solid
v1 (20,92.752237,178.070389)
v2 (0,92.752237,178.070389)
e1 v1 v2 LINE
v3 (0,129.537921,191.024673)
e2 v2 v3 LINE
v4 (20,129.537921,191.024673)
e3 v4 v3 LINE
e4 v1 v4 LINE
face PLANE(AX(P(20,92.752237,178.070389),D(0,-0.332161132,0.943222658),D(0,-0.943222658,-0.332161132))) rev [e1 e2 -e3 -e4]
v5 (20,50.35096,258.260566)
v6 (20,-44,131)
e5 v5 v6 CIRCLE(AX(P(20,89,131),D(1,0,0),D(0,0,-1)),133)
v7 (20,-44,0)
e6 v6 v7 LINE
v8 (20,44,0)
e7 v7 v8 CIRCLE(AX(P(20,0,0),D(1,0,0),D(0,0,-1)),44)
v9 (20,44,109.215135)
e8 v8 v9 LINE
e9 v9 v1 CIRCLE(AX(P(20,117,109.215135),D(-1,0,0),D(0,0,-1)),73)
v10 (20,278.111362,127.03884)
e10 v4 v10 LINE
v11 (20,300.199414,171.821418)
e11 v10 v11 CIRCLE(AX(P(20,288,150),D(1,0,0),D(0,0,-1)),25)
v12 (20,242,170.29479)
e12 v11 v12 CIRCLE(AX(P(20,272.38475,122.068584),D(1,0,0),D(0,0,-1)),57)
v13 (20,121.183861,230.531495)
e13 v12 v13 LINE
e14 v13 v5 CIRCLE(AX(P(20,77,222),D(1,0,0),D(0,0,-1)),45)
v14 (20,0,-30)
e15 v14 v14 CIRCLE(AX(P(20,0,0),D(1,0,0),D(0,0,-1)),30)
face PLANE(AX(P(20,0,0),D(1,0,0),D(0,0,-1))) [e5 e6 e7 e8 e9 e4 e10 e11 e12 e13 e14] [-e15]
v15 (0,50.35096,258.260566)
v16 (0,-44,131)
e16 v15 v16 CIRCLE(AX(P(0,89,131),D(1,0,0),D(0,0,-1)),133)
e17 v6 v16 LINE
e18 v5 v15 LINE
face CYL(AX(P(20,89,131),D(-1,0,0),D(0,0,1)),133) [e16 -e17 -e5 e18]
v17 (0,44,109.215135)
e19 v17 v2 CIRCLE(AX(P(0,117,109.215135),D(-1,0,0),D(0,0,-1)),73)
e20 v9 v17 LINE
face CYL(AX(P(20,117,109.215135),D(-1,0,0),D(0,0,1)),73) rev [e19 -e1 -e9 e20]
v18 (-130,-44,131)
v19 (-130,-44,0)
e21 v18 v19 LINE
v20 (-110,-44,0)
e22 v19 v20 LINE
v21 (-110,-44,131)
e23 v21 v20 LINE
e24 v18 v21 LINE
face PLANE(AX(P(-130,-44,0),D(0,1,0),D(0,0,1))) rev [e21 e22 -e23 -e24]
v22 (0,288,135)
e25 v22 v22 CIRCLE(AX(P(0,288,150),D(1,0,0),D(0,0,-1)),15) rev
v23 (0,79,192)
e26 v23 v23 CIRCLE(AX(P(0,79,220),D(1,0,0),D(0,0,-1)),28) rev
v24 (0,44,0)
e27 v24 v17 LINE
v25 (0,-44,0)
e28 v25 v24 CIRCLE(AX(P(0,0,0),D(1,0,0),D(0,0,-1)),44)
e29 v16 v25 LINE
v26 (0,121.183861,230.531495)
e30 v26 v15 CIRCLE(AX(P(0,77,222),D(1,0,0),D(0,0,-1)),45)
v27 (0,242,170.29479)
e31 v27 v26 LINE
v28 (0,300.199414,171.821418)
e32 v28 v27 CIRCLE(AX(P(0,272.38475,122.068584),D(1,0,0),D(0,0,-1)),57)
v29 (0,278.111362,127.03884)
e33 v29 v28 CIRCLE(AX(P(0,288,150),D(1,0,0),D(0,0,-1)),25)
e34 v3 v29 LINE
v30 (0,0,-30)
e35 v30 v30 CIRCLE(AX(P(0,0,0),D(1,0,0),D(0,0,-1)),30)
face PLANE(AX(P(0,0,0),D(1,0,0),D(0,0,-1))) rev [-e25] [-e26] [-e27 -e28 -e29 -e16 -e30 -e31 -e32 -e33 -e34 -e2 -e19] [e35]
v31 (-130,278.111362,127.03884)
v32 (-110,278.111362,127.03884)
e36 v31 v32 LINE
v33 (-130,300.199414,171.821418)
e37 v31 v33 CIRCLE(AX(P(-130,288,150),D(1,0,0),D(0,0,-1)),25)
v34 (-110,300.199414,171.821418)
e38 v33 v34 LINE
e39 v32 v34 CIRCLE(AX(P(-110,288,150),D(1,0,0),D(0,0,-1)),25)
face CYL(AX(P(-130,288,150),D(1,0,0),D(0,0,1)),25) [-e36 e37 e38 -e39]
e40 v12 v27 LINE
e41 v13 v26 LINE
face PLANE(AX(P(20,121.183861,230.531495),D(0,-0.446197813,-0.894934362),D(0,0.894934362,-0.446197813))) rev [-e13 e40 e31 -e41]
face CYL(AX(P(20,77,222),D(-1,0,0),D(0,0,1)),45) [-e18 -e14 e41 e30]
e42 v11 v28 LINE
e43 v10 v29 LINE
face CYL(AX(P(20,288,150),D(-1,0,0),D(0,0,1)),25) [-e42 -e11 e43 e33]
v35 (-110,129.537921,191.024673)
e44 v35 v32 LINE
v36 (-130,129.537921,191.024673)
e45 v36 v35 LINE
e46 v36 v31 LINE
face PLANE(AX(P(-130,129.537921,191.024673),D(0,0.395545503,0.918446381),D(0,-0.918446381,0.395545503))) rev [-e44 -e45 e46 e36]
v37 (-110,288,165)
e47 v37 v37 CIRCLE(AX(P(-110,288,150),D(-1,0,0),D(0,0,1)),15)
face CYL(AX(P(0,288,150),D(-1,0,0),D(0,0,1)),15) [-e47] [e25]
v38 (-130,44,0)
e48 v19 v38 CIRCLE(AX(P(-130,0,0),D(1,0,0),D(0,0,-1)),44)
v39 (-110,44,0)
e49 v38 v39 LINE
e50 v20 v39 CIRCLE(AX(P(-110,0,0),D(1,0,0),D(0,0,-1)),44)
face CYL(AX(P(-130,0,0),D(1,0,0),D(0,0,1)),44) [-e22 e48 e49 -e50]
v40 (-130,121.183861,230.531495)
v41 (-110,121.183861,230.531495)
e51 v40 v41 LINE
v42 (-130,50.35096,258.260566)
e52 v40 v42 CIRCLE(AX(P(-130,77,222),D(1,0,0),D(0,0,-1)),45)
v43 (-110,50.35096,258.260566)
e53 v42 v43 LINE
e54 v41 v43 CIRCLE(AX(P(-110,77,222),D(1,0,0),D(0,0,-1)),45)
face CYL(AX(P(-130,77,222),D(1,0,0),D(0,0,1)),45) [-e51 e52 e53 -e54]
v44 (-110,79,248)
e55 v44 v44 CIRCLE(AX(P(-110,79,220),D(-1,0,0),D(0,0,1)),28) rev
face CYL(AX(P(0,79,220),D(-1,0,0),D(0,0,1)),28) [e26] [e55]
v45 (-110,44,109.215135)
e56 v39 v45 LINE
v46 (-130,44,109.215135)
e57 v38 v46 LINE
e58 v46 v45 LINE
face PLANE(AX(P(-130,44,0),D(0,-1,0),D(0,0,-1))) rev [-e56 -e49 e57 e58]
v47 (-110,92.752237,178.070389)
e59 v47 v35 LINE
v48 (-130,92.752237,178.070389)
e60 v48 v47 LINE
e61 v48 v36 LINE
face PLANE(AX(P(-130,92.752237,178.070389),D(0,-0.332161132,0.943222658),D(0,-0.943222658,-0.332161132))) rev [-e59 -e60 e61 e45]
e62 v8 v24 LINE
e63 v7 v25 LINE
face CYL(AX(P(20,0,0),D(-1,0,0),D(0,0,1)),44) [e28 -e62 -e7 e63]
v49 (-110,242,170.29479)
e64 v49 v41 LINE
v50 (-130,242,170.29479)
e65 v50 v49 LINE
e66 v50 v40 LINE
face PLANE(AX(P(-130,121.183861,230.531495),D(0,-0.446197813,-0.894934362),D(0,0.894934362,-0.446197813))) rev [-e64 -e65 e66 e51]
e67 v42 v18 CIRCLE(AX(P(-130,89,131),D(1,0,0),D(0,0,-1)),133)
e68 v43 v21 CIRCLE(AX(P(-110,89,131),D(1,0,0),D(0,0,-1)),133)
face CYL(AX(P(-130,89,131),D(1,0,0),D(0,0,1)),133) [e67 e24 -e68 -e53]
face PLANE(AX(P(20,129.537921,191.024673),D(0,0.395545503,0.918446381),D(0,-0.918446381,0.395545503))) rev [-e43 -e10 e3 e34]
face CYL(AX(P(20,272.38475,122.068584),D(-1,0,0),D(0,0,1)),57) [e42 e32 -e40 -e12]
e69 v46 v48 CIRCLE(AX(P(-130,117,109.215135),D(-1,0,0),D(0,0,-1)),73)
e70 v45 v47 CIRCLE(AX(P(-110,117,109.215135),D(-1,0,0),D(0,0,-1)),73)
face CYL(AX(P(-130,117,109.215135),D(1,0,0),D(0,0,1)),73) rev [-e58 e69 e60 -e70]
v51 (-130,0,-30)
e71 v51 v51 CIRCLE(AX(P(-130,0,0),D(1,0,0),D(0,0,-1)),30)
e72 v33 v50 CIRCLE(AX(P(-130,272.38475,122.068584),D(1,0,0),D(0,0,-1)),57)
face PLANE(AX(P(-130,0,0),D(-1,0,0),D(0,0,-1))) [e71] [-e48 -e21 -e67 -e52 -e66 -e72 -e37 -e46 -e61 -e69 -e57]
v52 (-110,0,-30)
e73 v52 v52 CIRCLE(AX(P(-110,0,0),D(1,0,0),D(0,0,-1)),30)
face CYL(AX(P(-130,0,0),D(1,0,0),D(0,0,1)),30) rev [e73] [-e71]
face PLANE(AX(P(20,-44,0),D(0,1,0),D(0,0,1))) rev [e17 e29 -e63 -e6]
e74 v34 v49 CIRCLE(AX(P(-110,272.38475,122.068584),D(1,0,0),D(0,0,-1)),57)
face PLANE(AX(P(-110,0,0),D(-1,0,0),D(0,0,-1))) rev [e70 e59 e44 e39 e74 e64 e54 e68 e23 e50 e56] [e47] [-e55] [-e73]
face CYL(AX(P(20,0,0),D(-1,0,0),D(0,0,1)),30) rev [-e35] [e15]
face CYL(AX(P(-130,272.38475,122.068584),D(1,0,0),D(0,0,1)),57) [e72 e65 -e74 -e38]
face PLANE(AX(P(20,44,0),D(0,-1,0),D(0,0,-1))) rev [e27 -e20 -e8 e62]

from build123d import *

# Parameters (mm, degrees)
SKETCH1_R           = 30
BOSS_EXTRUDE1_DEPTH = 20
SKETCH2_R           = 15
BOSS_EXTRUDE2_DEPTH = 55
SKETCH3_R           = 28
BOSS_EXTRUDE3_DEPTH = 55


with BuildPart() as part:
    # Sketch1 → Boss-Extrude1 (new body)
    with BuildSketch(Plane(origin=(0, 0, 0), x_dir=(0, 0, -1), z_dir=(1, 0, 0))):
        with BuildLine():
            Line((0, -44), (-131, -44))
            ThreePointArc((-131, -44), (-210.210724185, -17.839417698), (-258.260566126, 50.350959788))
            ThreePointArc((-258.260566126, 50.350959788), (-263.903546034, 93.404049189), (-230.531495232, 121.183861184))
            Line((-230.531495232, 121.183861184), (-170.294790462, 242))
            ThreePointArc((-170.294790462, 242), (-179.048984689, 270.890098256), (-171.821418425, 300.199413834))
            ThreePointArc((-171.821418425, 300.199413834), (-138.941281444, 310.421078117), (-127.038840466, 278.111362436))
            Line((-127.038840466, 278.111362436), (-191.024673217, 129.537921032))
            Line((-191.024673217, 129.537921032), (-178.070389074, 92.752237372))
            ThreePointArc((-178.070389074, 92.752237372), (-151.398741624, 57.421955924), (-109.215135044, 44))
            Line((-109.215135044, 44), (0, 44))
            ThreePointArc((0, 44), (44, 0), (0, -44))
        make_face()
        Circle(SKETCH1_R, mode=Mode.SUBTRACT)
    extrude(amount=BOSS_EXTRUDE1_DEPTH)


with BuildPart() as body_2:
    # Mirror2: mirrored copy
    add(part.part.mirror(Plane(origin=(-55, 0, 0), x_dir=(0, 0, 1), z_dir=(1, 0, 0))))


with BuildPart() as part_1:
    add(part.part)

    add(body_2.part)  # Boss-Extrude2 merges body 2
    # Sketch2 → Boss-Extrude2 (add, symmetric)
    with BuildSketch(Plane(origin=(-55, 0, 0), x_dir=(0, 0, -1), z_dir=(1, 0, 0))):
        with Locations(Location((-150, 288, 0), (0, 0, 180))):
            Circle(SKETCH2_R)
    extrude(amount=BOSS_EXTRUDE2_DEPTH, both=True)

    # Sketch3 → Boss-Extrude3 (add, symmetric)
    with BuildSketch(Plane(origin=(-55, 0, 0), x_dir=(0, 0, -1), z_dir=(1, 0, 0))):
        with Locations(Location((-220, 79, 0), (0, 0, 180))):
            Circle(SKETCH3_R)
    extrude(amount=BOSS_EXTRUDE3_DEPTH, both=True)


solid = part_1.part
